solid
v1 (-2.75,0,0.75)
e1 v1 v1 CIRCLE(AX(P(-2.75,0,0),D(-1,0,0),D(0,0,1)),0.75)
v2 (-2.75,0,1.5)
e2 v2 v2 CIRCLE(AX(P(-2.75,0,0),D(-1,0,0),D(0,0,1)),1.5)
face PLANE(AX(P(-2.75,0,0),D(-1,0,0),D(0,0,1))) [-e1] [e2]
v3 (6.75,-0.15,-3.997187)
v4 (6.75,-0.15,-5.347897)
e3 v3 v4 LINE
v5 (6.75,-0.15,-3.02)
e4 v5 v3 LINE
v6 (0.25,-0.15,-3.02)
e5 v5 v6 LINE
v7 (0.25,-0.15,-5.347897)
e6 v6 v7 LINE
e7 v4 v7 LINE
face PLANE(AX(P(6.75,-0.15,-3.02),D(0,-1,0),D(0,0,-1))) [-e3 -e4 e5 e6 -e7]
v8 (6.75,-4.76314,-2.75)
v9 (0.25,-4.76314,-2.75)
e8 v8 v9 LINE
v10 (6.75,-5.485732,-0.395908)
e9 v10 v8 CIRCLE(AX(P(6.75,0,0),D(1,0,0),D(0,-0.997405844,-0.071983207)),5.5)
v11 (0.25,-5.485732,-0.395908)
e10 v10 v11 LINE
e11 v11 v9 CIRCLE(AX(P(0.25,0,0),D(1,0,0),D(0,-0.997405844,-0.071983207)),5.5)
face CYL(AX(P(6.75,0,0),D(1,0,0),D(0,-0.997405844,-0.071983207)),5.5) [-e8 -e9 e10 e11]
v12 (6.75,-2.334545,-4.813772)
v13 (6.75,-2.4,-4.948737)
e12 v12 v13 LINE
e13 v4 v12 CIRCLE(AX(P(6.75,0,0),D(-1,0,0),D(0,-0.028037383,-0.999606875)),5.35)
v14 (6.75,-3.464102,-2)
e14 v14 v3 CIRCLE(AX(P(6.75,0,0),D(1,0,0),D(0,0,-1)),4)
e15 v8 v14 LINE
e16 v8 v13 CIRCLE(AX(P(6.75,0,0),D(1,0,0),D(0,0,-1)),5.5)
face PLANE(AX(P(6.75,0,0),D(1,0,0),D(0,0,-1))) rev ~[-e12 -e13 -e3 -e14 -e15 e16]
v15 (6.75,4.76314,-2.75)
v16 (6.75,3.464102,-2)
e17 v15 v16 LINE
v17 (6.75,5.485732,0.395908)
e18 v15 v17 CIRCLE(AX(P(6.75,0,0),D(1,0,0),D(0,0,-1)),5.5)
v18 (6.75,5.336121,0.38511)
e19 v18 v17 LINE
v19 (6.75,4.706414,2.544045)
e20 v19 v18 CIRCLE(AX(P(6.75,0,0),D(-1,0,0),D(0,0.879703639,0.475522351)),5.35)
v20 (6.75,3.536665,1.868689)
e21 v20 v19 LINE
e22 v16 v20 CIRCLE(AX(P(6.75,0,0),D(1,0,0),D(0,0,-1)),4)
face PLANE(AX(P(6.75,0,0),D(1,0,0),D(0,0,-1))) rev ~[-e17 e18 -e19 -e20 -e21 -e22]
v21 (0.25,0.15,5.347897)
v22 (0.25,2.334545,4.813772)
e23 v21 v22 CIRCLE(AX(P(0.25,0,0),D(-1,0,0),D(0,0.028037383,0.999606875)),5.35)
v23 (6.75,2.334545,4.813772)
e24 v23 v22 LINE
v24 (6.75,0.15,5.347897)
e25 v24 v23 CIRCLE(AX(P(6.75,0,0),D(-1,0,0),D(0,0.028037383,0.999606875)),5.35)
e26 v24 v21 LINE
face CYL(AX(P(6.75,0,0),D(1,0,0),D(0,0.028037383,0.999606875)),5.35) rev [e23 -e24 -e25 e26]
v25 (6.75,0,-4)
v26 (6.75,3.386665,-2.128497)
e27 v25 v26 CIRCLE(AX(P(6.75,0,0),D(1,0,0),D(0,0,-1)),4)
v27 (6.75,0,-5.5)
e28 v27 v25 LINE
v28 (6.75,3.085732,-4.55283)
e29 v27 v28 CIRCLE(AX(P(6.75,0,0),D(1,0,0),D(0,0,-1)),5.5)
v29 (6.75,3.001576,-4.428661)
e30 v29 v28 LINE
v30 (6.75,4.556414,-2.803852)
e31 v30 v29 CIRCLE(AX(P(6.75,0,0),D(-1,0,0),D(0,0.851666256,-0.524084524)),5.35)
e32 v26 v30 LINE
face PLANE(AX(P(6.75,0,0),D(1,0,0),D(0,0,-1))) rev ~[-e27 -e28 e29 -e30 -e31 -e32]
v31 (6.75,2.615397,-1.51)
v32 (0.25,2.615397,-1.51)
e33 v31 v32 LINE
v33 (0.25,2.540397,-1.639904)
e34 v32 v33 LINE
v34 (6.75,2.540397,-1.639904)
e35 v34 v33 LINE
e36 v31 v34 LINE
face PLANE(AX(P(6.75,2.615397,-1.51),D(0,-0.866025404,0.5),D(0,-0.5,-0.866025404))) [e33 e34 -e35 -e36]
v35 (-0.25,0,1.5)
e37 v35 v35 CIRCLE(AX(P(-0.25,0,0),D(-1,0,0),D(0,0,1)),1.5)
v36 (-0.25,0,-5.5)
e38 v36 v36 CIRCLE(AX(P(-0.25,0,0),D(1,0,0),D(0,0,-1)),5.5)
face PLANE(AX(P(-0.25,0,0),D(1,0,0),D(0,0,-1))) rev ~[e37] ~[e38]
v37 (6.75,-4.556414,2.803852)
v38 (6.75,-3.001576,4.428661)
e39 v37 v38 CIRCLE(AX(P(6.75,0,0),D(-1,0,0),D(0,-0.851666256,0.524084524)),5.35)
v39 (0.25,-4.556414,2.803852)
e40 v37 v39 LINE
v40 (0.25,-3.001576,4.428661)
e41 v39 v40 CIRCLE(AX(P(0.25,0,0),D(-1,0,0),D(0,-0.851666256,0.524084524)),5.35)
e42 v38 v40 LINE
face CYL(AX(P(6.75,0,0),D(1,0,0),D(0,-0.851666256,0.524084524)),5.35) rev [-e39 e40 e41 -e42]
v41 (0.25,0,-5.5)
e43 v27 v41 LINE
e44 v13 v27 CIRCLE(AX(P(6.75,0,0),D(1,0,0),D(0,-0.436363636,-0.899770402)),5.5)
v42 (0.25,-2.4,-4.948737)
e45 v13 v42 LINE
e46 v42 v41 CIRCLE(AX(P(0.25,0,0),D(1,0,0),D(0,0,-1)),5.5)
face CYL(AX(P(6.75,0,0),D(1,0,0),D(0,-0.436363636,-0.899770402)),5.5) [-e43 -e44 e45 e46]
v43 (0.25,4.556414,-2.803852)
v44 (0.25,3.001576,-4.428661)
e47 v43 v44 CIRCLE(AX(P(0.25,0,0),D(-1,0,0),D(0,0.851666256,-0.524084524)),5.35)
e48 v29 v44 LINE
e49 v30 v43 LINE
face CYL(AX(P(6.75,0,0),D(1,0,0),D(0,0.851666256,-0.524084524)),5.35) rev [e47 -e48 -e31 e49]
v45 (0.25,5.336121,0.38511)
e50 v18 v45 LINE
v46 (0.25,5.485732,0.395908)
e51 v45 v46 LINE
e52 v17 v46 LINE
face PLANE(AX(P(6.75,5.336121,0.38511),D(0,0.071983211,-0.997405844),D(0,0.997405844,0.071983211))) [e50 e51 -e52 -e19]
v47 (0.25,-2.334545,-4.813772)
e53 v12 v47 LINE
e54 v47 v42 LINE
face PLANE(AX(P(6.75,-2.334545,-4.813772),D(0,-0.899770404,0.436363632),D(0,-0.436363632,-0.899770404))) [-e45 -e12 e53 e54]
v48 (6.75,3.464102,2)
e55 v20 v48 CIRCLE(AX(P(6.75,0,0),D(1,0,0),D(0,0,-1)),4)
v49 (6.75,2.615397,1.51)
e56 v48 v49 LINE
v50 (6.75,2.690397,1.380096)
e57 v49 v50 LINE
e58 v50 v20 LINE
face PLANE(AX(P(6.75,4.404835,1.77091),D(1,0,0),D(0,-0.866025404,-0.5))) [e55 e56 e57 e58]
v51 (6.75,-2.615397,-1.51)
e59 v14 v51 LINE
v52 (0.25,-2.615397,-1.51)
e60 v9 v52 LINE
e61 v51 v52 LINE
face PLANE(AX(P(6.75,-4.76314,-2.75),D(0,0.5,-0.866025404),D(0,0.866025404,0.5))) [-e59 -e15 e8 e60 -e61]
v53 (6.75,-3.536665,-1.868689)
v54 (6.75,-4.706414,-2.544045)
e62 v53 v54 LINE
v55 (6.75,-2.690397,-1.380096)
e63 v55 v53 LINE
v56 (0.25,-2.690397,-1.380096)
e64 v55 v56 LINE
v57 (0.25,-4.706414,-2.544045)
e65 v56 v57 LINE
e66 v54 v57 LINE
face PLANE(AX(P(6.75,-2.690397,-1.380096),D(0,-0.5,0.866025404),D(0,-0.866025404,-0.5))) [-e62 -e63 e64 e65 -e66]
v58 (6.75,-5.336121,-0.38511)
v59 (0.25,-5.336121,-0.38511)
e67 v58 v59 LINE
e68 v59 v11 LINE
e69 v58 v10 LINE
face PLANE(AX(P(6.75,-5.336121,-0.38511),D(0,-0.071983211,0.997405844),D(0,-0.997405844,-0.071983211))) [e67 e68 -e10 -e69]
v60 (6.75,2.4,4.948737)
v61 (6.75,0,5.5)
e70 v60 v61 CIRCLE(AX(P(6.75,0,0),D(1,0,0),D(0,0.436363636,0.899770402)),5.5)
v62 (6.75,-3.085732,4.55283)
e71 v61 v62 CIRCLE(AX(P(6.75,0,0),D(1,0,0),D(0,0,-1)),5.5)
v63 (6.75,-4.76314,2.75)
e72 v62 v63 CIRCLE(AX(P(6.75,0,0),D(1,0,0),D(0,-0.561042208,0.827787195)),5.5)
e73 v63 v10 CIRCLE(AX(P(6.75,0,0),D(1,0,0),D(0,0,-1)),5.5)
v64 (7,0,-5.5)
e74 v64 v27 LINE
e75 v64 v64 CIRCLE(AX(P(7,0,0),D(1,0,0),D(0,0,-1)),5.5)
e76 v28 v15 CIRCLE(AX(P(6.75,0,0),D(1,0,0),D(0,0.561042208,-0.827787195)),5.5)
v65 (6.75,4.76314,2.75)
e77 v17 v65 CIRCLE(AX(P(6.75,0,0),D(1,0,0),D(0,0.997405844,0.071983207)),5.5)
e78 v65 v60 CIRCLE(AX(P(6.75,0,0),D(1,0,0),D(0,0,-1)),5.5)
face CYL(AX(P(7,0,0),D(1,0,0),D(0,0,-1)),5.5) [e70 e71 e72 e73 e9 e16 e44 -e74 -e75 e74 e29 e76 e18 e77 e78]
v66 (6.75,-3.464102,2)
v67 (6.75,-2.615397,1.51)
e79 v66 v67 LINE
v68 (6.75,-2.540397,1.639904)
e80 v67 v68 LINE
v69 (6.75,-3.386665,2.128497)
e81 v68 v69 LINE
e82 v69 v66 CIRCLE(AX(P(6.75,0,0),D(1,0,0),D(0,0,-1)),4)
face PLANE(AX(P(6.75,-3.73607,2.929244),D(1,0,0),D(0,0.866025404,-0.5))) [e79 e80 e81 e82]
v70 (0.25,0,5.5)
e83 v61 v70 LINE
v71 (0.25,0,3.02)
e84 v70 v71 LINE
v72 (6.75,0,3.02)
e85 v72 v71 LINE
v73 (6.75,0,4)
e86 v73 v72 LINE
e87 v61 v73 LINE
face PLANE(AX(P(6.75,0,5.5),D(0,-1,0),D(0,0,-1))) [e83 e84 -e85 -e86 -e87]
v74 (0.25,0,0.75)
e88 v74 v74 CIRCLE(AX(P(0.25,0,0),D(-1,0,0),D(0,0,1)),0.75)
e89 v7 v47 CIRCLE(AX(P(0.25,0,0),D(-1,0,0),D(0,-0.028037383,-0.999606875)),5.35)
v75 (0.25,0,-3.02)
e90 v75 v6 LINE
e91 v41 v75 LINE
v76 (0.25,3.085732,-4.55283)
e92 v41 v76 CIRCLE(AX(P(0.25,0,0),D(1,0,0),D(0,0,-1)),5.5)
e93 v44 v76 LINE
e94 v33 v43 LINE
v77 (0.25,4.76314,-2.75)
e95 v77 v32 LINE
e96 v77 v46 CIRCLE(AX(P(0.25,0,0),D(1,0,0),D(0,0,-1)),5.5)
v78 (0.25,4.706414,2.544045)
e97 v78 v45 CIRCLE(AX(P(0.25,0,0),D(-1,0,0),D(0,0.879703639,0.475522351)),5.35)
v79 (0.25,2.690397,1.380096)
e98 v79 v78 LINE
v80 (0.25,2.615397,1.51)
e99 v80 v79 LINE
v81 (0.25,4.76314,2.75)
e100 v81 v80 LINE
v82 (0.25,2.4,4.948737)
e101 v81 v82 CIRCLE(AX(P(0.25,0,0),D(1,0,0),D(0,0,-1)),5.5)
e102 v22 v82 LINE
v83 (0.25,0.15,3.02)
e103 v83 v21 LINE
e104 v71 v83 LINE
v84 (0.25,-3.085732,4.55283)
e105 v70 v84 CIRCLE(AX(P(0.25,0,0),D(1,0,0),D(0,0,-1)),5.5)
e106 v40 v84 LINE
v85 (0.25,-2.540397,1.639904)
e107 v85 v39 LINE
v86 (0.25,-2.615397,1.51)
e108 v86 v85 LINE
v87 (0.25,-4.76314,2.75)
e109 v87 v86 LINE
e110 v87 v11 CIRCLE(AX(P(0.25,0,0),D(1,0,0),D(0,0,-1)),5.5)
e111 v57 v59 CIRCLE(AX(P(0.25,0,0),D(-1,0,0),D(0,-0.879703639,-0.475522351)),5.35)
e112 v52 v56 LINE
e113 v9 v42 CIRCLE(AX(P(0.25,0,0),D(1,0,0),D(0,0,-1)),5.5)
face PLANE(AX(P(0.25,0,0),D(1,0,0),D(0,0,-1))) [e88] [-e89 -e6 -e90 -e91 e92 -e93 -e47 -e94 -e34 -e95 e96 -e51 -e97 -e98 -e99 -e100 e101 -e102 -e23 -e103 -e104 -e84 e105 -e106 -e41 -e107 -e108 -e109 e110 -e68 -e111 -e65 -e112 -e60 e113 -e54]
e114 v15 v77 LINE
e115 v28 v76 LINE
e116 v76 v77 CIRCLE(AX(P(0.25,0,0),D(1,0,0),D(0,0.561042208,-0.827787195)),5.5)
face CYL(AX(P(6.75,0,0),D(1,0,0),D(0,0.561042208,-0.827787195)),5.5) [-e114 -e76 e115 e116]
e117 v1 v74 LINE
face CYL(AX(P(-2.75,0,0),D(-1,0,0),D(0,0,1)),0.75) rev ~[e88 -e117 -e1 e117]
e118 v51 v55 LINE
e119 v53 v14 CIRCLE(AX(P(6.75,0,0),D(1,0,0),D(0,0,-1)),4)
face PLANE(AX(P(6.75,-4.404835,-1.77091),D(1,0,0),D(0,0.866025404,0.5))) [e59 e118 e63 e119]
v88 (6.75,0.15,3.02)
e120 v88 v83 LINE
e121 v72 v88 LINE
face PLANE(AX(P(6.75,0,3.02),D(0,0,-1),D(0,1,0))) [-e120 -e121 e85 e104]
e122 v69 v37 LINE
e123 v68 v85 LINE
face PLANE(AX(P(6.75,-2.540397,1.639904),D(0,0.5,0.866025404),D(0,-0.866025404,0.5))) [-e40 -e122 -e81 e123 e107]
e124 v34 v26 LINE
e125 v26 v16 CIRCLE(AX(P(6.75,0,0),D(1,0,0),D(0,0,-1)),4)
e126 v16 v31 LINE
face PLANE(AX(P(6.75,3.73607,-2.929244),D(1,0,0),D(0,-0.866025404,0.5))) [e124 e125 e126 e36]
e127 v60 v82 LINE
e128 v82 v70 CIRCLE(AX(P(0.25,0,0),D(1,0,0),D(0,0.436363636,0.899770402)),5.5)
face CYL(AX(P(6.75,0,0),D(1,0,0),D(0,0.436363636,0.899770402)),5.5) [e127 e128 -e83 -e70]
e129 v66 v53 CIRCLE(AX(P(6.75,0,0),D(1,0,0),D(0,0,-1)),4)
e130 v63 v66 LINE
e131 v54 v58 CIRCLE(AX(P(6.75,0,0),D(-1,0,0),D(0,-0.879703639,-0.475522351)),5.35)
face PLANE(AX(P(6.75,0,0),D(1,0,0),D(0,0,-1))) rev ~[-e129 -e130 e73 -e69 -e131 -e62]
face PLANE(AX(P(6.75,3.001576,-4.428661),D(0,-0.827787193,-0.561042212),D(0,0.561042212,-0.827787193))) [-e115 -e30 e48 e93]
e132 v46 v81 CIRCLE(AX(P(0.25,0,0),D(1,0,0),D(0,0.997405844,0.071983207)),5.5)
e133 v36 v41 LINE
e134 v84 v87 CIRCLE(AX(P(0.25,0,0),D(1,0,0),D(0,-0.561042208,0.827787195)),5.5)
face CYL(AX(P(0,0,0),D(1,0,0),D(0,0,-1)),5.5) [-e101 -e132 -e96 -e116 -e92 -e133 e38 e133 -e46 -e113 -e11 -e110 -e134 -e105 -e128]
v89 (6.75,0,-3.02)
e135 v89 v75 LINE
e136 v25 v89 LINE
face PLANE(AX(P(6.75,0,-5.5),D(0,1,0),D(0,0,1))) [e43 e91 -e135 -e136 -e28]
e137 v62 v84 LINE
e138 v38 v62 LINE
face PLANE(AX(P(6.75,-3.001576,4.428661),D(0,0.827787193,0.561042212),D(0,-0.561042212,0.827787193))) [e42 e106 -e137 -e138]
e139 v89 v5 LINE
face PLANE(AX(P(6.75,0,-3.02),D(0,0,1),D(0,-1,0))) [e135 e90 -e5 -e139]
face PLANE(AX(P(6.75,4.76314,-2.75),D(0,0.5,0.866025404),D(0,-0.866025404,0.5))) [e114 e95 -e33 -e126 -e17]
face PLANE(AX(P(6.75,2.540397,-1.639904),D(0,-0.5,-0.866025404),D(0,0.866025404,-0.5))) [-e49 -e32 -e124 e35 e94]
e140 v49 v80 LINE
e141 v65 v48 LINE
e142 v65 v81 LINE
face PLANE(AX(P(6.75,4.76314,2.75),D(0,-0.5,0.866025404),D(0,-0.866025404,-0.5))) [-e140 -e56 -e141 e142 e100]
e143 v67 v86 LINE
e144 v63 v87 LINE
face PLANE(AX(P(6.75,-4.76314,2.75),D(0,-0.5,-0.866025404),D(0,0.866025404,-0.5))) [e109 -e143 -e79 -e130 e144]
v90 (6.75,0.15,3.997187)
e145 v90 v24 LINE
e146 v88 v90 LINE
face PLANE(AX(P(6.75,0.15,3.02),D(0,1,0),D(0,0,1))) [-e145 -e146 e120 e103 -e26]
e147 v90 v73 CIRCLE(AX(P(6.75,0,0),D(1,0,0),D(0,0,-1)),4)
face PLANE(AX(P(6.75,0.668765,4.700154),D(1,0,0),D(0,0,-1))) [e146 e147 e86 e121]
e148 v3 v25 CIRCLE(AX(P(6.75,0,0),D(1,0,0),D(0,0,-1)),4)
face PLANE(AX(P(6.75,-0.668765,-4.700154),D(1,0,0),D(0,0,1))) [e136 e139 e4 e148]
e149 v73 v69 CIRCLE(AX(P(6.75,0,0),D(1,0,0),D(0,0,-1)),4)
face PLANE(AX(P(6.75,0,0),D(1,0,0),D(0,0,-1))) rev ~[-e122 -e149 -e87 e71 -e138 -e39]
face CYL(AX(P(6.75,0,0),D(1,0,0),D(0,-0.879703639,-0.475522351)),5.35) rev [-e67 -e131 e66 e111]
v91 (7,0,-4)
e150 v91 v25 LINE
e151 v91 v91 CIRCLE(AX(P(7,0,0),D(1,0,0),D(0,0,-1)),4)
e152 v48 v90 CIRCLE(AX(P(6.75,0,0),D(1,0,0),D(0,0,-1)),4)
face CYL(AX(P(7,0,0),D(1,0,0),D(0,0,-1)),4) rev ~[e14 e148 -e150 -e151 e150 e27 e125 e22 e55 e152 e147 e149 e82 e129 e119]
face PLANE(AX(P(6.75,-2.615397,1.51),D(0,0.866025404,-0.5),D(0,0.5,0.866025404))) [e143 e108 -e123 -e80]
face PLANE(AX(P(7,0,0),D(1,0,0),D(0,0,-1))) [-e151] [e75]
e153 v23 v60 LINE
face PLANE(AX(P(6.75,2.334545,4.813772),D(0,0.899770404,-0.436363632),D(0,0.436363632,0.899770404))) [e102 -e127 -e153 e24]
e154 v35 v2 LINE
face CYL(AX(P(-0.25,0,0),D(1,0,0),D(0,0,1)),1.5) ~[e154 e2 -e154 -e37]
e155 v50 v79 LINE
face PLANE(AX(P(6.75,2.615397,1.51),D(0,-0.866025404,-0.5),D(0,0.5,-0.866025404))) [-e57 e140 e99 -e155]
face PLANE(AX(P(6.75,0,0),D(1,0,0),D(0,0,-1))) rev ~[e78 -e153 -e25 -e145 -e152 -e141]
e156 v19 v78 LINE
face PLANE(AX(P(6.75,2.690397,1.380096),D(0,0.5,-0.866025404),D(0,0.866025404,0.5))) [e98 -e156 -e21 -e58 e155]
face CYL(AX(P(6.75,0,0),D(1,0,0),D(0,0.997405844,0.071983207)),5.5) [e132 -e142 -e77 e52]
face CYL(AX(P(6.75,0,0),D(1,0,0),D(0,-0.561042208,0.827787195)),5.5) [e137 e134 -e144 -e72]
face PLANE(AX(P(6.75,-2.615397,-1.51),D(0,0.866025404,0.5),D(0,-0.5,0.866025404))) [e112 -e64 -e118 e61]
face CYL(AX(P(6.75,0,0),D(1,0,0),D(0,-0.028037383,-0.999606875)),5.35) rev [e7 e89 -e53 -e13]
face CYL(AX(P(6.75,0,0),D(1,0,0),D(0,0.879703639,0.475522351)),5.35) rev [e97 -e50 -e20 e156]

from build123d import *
from build123d.topology import SkipClean

# Parameters (mm, degrees)
SKETCH1_R           = 5.5
BOSS_EXTRUDE1_DEPTH = 0.25
SKETCH2_R           = 1.5
BOSS_EXTRUDE2_DEPTH = 2.5
SKETCH3_R           = 0.75
CUT_EXTRUDE1_DEPTH  = 9.336666
BOSS_EXTRUDE3_START = 6.5
BOSS_EXTRUDE3_DEPTH = 6.5
CIRPATTERN1_COUNT   = 6
BOSS_EXTRUDE6_START = 0.25
SKETCH5_R           = 5.5
SKETCH5_R_2         = 4
BOSS_EXTRUDE6_DEPTH = 0.25


with BuildPart() as part:
    # Sketch1 → Boss-Extrude1 (new, symmetric)
    with BuildSketch(Plane(origin=(0, 0, 0), x_dir=(0, 0, -1), z_dir=(1, 0, 0))):
        Circle(SKETCH1_R)
    extrude(amount=BOSS_EXTRUDE1_DEPTH, both=True)

    # Sketch2 → Boss-Extrude2 (add)
    with BuildSketch(Plane.ZY.offset(0.25)):
        Circle(SKETCH2_R)
    extrude(amount=BOSS_EXTRUDE2_DEPTH)

    # Sketch3 → Cut-Extrude1 (cut, through all)
    with BuildSketch(Plane.ZY.offset(2.75)):
        Circle(SKETCH3_R)
    extrude(amount=-CUT_EXTRUDE1_DEPTH, mode=Mode.SUBTRACT)

    # Sketch4 → Boss-Extrude3 (add)
    with BuildSketch(Plane(origin=(0.25, 0, 0), x_dir=(0, 0, -1), z_dir=(1, 0, 0)).offset(BOSS_EXTRUDE3_START)):
        with BuildLine():
            Line((-5.5, 0), (-3.02, 0))
            Line((-3.02, 0), (-3.02, 0.15))
            Line((-3.02, 0.15), (-5.347896783, 0.15))
            ThreePointArc((-5.347896783, 0.15), (-5.196916014, 1.270654927), (-4.813771652, 2.334545455))
            Line((-4.813771652, 2.334545455), (-4.948737213, 2.4))
            ThreePointArc((-4.948737213, 2.4), (-5.360412982, 1.231248417), (-5.5, 0))
        make_face()
    boss_extrude3 = extrude(amount=-BOSS_EXTRUDE3_DEPTH)

    # CirPattern1: Boss-Extrude3 ×6 about axis
    with SkipClean():  # the faces are left unmerged after this step: merging them gives an invalid solid
        cirpattern1_axis = Axis((0, 0, 0), (1, 0, 0))
        for i in range(1, CIRPATTERN1_COUNT):
            add(boss_extrude3.rotate(cirpattern1_axis, i * 360 / CIRPATTERN1_COUNT))

    # Sketch5 → Boss-Extrude6 (add)
    with SkipClean():  # the faces are left unmerged after this step: merging them gives an invalid solid
        with BuildSketch(Plane(origin=(6.75, 0, 0), x_dir=(0, 0, -1), z_dir=(1, 0, 0)).offset(BOSS_EXTRUDE6_START)):
            Circle(SKETCH5_R)
            Circle(SKETCH5_R_2, mode=Mode.SUBTRACT)
        extrude(amount=-BOSS_EXTRUDE6_DEPTH)


solid = part.part
